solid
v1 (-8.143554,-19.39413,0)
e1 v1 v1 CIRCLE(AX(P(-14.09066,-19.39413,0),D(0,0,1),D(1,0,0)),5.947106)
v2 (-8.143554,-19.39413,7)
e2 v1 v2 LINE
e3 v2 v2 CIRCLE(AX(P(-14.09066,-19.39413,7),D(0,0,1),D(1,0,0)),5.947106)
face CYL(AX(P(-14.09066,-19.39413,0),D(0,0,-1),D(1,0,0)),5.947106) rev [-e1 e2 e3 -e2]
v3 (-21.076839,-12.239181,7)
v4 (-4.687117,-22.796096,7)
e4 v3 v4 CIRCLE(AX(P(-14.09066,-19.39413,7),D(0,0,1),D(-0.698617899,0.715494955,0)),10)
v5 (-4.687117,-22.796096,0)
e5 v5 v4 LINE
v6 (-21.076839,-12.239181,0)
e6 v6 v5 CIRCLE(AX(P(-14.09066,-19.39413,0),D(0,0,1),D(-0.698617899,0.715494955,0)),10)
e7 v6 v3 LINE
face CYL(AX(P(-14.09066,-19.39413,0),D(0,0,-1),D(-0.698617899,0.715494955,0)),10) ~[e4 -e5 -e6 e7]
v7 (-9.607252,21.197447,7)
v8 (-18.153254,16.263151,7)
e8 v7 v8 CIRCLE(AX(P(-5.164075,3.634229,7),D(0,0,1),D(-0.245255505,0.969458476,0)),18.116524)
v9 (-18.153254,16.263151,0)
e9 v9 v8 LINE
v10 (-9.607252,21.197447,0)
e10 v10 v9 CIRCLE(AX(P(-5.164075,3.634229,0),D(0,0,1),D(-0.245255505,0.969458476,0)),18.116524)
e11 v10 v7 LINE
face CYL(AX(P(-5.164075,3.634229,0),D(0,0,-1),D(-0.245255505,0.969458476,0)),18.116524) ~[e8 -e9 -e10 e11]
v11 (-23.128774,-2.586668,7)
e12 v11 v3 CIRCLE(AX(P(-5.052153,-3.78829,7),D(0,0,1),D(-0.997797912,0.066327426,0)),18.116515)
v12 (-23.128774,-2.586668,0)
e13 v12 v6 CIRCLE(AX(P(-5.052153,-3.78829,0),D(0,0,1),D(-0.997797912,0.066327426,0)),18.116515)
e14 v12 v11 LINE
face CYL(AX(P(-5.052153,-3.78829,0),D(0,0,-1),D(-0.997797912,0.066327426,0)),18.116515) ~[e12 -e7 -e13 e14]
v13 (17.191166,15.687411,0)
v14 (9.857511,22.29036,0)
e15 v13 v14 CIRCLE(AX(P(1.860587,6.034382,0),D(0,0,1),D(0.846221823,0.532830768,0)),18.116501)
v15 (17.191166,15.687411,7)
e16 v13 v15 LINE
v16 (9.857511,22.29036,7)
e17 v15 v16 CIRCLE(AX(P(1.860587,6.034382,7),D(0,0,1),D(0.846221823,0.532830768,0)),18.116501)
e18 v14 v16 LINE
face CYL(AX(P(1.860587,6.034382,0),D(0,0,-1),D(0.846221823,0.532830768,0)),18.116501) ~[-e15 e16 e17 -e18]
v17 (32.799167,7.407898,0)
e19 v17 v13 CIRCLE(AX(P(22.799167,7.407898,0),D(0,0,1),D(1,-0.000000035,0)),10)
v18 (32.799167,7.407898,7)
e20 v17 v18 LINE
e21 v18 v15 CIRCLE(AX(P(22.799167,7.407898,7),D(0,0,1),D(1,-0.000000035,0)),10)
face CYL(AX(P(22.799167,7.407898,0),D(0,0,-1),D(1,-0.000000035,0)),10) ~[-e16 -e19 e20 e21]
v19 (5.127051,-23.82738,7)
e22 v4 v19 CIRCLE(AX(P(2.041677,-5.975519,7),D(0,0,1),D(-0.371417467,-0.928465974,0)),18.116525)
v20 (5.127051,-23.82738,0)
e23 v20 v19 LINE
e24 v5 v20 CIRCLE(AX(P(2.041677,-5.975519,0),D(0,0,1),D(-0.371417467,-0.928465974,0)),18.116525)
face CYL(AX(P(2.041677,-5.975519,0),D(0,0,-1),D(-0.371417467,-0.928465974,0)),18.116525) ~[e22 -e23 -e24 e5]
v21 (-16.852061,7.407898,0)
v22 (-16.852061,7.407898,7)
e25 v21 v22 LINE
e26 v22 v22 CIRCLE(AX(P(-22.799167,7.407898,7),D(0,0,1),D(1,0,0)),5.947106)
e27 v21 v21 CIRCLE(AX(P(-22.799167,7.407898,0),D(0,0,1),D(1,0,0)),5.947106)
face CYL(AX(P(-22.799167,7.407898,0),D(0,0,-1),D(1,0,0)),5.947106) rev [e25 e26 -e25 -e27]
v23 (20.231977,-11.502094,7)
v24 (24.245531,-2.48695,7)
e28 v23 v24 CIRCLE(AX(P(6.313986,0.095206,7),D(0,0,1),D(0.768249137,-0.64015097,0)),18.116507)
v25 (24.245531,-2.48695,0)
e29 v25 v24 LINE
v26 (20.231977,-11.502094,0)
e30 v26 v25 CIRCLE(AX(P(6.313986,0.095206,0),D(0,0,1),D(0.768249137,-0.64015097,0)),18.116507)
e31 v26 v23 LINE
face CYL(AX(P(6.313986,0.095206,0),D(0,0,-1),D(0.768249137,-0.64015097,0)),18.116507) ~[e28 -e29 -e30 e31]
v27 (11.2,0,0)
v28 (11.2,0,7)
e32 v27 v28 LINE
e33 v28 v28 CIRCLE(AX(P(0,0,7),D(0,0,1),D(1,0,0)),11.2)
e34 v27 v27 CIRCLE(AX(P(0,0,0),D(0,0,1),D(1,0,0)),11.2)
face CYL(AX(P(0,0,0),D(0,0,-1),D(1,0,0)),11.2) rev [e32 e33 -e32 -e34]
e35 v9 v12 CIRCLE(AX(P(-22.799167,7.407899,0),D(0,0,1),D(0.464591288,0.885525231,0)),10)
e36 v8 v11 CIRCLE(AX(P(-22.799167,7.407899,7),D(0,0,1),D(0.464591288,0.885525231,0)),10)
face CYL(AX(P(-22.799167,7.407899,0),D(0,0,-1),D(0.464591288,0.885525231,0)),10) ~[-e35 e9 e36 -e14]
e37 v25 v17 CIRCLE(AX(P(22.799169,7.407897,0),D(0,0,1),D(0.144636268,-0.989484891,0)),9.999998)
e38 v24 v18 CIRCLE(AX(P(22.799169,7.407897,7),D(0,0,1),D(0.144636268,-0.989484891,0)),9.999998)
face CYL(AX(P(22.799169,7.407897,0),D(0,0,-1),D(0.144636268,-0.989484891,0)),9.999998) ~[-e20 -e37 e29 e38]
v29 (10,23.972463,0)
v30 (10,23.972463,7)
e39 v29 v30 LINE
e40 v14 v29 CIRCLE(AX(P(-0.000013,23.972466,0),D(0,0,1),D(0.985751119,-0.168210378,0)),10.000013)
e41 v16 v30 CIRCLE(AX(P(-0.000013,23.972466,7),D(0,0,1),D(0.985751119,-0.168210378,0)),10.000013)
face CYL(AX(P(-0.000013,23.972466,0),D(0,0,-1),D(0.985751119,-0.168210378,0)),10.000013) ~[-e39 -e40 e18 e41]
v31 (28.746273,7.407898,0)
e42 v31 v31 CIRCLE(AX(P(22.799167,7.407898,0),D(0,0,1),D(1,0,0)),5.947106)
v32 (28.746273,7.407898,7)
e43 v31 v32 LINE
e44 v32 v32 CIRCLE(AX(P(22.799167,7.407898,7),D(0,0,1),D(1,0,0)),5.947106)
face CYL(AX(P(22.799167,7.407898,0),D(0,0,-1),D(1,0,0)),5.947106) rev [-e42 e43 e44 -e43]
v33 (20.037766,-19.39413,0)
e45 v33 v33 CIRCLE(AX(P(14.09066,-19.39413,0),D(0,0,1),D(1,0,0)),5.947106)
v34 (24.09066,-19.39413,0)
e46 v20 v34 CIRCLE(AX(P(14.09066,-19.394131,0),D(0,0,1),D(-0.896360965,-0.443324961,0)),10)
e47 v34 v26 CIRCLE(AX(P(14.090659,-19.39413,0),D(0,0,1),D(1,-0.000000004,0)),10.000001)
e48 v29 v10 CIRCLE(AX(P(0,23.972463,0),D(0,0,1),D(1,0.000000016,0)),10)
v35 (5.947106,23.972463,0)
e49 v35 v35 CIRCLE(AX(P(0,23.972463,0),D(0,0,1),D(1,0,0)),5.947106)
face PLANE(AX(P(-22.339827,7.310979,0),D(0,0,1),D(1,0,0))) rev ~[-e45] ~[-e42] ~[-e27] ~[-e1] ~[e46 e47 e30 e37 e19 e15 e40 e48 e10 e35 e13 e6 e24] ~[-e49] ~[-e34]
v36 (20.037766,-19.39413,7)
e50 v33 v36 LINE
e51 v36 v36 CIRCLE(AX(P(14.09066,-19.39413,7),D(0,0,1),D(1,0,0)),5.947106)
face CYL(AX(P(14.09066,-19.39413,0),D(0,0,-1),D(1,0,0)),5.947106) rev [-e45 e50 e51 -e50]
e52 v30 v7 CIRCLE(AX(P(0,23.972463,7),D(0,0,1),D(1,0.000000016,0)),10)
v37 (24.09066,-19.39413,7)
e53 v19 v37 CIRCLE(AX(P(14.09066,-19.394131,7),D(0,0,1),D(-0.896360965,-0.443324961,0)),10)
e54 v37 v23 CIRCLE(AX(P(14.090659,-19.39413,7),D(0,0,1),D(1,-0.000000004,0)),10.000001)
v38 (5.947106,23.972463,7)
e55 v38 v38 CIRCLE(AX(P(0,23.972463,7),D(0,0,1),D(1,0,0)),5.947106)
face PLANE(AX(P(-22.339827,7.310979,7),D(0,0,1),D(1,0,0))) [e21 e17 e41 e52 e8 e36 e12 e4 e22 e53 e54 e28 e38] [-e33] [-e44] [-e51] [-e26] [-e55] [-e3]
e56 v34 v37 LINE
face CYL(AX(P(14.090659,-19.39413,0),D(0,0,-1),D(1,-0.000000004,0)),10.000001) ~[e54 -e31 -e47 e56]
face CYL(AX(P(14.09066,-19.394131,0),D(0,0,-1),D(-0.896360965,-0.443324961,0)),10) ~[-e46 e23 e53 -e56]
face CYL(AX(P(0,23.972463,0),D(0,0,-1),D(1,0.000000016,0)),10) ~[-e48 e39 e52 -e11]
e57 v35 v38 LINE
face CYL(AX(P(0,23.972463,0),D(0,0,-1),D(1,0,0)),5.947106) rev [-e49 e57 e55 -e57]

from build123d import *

# Parameters (mm, degrees)
F0_R     = 5.947106
F0_R_2   = 11.2
F1_DEPTH = 7


with BuildPart() as f1:
    # F0 (on Top) → F1 (new body)
    with BuildSketch(Plane.XY):
        with BuildLine():
            ThreePointArc((-12.799167, 7.407898), (-14.24174, 12.581914), (-18.153254, 16.263151))
            ThreePointArc((-18.153254, 16.263151), (-32.468011, 9.960046), (-23.128774, -2.586668))
            ThreePointArc((-23.128774, -2.586668), (-15.845609, 0.221242), (-12.799167, 7.407898))
        make_face()
        with Locations((-22.799167, 7.407898)):
            Circle(F0_R, mode=Mode.SUBTRACT)
        with BuildLine():
            ThreePointArc((9.857511, 22.29036), (9.964314, 23.1284), (10, 23.972463))
            ThreePointArc((10, 23.972463), (-1.401336, 33.873789), (-9.607252, 21.197447))
            ThreePointArc((-9.607252, 21.197447), (0.5606, 13.988189), (9.857511, 22.29036))
        make_face()
        with Locations((0, 23.972463)):
            Circle(F0_R, mode=Mode.SUBTRACT)
        with BuildLine():
            ThreePointArc((32.799167, 7.407898), (27.485316, 16.241924), (17.191166, 15.687411))
            ThreePointArc((17.191166, 15.687411), (13.476793, 3.789426), (24.245531, -2.48695))
            ThreePointArc((24.245531, -2.48695), (30.364339, 0.86816), (32.799167, 7.407898))
        make_face()
        with Locations((22.799167, 7.407898)):
            Circle(F0_R, mode=Mode.SUBTRACT)
        with BuildLine():
            ThreePointArc((24.09066, -19.39413), (23.074344, -15.001702), (20.231977, -11.502094))
            ThreePointArc((20.231977, -11.502094), (7.768516, -11.646195), (5.127051, -23.82738))
            ThreePointArc((5.127051, -23.82738), (16.367051, -29.131586), (24.09066, -19.39413))
        make_face()
        with Locations((14.09066, -19.39413)):
            Circle(F0_R, mode=Mode.SUBTRACT)
        with BuildLine():
            ThreePointArc((-4.09066, -19.39413), (-10.208766, -10.178334), (-21.076839, -12.239181))
            ThreePointArc((-21.076839, -12.239181), (-19.505734, -27.80109), (-4.687117, -22.796096))
            ThreePointArc((-4.687117, -22.796096), (-4.240903, -21.121059), (-4.09066, -19.39413))
        make_face()
        with Locations((-14.09066, -19.39413)):
            Circle(F0_R, mode=Mode.SUBTRACT)
        with BuildLine():
            ThreePointArc((9.857511, 22.29036), (0.5606, 13.988189), (-9.607252, 21.197447))
            ThreePointArc((-9.607252, 21.197447), (-14.222694, 19.323393), (-18.153254, 16.263151))
            ThreePointArc((-18.153254, 16.263151), (-14.24174, 12.581914), (-12.799167, 7.407898))
            ThreePointArc((-12.799167, 7.407898), (-15.845609, 0.221242), (-23.128774, -2.586668))
            ThreePointArc((-23.128774, -2.586668), (-22.772693, -7.555329), (-21.076839, -12.239181))
            ThreePointArc((-21.076839, -12.239181), (-10.208766, -10.178334), (-4.09066, -19.39413))
            ThreePointArc((-4.09066, -19.39413), (-4.240903, -21.121059), (-4.687117, -22.796096))
            ThreePointArc((-4.687117, -22.796096), (0.148396, -23.992843), (5.127051, -23.82738))
            ThreePointArc((5.127051, -23.82738), (7.768516, -11.646195), (20.231977, -11.502094))
            ThreePointArc((20.231977, -11.502094), (22.864407, -7.273064), (24.245531, -2.48695))
            ThreePointArc((24.245531, -2.48695), (13.476793, 3.789426), (17.191166, 15.687411))
            ThreePointArc((17.191166, 15.687411), (13.982585, 19.497843), (9.857511, 22.29036))
        make_face()
        Circle(F0_R_2, mode=Mode.SUBTRACT)
    extrude(amount=F1_DEPTH)


solid = f1.part
